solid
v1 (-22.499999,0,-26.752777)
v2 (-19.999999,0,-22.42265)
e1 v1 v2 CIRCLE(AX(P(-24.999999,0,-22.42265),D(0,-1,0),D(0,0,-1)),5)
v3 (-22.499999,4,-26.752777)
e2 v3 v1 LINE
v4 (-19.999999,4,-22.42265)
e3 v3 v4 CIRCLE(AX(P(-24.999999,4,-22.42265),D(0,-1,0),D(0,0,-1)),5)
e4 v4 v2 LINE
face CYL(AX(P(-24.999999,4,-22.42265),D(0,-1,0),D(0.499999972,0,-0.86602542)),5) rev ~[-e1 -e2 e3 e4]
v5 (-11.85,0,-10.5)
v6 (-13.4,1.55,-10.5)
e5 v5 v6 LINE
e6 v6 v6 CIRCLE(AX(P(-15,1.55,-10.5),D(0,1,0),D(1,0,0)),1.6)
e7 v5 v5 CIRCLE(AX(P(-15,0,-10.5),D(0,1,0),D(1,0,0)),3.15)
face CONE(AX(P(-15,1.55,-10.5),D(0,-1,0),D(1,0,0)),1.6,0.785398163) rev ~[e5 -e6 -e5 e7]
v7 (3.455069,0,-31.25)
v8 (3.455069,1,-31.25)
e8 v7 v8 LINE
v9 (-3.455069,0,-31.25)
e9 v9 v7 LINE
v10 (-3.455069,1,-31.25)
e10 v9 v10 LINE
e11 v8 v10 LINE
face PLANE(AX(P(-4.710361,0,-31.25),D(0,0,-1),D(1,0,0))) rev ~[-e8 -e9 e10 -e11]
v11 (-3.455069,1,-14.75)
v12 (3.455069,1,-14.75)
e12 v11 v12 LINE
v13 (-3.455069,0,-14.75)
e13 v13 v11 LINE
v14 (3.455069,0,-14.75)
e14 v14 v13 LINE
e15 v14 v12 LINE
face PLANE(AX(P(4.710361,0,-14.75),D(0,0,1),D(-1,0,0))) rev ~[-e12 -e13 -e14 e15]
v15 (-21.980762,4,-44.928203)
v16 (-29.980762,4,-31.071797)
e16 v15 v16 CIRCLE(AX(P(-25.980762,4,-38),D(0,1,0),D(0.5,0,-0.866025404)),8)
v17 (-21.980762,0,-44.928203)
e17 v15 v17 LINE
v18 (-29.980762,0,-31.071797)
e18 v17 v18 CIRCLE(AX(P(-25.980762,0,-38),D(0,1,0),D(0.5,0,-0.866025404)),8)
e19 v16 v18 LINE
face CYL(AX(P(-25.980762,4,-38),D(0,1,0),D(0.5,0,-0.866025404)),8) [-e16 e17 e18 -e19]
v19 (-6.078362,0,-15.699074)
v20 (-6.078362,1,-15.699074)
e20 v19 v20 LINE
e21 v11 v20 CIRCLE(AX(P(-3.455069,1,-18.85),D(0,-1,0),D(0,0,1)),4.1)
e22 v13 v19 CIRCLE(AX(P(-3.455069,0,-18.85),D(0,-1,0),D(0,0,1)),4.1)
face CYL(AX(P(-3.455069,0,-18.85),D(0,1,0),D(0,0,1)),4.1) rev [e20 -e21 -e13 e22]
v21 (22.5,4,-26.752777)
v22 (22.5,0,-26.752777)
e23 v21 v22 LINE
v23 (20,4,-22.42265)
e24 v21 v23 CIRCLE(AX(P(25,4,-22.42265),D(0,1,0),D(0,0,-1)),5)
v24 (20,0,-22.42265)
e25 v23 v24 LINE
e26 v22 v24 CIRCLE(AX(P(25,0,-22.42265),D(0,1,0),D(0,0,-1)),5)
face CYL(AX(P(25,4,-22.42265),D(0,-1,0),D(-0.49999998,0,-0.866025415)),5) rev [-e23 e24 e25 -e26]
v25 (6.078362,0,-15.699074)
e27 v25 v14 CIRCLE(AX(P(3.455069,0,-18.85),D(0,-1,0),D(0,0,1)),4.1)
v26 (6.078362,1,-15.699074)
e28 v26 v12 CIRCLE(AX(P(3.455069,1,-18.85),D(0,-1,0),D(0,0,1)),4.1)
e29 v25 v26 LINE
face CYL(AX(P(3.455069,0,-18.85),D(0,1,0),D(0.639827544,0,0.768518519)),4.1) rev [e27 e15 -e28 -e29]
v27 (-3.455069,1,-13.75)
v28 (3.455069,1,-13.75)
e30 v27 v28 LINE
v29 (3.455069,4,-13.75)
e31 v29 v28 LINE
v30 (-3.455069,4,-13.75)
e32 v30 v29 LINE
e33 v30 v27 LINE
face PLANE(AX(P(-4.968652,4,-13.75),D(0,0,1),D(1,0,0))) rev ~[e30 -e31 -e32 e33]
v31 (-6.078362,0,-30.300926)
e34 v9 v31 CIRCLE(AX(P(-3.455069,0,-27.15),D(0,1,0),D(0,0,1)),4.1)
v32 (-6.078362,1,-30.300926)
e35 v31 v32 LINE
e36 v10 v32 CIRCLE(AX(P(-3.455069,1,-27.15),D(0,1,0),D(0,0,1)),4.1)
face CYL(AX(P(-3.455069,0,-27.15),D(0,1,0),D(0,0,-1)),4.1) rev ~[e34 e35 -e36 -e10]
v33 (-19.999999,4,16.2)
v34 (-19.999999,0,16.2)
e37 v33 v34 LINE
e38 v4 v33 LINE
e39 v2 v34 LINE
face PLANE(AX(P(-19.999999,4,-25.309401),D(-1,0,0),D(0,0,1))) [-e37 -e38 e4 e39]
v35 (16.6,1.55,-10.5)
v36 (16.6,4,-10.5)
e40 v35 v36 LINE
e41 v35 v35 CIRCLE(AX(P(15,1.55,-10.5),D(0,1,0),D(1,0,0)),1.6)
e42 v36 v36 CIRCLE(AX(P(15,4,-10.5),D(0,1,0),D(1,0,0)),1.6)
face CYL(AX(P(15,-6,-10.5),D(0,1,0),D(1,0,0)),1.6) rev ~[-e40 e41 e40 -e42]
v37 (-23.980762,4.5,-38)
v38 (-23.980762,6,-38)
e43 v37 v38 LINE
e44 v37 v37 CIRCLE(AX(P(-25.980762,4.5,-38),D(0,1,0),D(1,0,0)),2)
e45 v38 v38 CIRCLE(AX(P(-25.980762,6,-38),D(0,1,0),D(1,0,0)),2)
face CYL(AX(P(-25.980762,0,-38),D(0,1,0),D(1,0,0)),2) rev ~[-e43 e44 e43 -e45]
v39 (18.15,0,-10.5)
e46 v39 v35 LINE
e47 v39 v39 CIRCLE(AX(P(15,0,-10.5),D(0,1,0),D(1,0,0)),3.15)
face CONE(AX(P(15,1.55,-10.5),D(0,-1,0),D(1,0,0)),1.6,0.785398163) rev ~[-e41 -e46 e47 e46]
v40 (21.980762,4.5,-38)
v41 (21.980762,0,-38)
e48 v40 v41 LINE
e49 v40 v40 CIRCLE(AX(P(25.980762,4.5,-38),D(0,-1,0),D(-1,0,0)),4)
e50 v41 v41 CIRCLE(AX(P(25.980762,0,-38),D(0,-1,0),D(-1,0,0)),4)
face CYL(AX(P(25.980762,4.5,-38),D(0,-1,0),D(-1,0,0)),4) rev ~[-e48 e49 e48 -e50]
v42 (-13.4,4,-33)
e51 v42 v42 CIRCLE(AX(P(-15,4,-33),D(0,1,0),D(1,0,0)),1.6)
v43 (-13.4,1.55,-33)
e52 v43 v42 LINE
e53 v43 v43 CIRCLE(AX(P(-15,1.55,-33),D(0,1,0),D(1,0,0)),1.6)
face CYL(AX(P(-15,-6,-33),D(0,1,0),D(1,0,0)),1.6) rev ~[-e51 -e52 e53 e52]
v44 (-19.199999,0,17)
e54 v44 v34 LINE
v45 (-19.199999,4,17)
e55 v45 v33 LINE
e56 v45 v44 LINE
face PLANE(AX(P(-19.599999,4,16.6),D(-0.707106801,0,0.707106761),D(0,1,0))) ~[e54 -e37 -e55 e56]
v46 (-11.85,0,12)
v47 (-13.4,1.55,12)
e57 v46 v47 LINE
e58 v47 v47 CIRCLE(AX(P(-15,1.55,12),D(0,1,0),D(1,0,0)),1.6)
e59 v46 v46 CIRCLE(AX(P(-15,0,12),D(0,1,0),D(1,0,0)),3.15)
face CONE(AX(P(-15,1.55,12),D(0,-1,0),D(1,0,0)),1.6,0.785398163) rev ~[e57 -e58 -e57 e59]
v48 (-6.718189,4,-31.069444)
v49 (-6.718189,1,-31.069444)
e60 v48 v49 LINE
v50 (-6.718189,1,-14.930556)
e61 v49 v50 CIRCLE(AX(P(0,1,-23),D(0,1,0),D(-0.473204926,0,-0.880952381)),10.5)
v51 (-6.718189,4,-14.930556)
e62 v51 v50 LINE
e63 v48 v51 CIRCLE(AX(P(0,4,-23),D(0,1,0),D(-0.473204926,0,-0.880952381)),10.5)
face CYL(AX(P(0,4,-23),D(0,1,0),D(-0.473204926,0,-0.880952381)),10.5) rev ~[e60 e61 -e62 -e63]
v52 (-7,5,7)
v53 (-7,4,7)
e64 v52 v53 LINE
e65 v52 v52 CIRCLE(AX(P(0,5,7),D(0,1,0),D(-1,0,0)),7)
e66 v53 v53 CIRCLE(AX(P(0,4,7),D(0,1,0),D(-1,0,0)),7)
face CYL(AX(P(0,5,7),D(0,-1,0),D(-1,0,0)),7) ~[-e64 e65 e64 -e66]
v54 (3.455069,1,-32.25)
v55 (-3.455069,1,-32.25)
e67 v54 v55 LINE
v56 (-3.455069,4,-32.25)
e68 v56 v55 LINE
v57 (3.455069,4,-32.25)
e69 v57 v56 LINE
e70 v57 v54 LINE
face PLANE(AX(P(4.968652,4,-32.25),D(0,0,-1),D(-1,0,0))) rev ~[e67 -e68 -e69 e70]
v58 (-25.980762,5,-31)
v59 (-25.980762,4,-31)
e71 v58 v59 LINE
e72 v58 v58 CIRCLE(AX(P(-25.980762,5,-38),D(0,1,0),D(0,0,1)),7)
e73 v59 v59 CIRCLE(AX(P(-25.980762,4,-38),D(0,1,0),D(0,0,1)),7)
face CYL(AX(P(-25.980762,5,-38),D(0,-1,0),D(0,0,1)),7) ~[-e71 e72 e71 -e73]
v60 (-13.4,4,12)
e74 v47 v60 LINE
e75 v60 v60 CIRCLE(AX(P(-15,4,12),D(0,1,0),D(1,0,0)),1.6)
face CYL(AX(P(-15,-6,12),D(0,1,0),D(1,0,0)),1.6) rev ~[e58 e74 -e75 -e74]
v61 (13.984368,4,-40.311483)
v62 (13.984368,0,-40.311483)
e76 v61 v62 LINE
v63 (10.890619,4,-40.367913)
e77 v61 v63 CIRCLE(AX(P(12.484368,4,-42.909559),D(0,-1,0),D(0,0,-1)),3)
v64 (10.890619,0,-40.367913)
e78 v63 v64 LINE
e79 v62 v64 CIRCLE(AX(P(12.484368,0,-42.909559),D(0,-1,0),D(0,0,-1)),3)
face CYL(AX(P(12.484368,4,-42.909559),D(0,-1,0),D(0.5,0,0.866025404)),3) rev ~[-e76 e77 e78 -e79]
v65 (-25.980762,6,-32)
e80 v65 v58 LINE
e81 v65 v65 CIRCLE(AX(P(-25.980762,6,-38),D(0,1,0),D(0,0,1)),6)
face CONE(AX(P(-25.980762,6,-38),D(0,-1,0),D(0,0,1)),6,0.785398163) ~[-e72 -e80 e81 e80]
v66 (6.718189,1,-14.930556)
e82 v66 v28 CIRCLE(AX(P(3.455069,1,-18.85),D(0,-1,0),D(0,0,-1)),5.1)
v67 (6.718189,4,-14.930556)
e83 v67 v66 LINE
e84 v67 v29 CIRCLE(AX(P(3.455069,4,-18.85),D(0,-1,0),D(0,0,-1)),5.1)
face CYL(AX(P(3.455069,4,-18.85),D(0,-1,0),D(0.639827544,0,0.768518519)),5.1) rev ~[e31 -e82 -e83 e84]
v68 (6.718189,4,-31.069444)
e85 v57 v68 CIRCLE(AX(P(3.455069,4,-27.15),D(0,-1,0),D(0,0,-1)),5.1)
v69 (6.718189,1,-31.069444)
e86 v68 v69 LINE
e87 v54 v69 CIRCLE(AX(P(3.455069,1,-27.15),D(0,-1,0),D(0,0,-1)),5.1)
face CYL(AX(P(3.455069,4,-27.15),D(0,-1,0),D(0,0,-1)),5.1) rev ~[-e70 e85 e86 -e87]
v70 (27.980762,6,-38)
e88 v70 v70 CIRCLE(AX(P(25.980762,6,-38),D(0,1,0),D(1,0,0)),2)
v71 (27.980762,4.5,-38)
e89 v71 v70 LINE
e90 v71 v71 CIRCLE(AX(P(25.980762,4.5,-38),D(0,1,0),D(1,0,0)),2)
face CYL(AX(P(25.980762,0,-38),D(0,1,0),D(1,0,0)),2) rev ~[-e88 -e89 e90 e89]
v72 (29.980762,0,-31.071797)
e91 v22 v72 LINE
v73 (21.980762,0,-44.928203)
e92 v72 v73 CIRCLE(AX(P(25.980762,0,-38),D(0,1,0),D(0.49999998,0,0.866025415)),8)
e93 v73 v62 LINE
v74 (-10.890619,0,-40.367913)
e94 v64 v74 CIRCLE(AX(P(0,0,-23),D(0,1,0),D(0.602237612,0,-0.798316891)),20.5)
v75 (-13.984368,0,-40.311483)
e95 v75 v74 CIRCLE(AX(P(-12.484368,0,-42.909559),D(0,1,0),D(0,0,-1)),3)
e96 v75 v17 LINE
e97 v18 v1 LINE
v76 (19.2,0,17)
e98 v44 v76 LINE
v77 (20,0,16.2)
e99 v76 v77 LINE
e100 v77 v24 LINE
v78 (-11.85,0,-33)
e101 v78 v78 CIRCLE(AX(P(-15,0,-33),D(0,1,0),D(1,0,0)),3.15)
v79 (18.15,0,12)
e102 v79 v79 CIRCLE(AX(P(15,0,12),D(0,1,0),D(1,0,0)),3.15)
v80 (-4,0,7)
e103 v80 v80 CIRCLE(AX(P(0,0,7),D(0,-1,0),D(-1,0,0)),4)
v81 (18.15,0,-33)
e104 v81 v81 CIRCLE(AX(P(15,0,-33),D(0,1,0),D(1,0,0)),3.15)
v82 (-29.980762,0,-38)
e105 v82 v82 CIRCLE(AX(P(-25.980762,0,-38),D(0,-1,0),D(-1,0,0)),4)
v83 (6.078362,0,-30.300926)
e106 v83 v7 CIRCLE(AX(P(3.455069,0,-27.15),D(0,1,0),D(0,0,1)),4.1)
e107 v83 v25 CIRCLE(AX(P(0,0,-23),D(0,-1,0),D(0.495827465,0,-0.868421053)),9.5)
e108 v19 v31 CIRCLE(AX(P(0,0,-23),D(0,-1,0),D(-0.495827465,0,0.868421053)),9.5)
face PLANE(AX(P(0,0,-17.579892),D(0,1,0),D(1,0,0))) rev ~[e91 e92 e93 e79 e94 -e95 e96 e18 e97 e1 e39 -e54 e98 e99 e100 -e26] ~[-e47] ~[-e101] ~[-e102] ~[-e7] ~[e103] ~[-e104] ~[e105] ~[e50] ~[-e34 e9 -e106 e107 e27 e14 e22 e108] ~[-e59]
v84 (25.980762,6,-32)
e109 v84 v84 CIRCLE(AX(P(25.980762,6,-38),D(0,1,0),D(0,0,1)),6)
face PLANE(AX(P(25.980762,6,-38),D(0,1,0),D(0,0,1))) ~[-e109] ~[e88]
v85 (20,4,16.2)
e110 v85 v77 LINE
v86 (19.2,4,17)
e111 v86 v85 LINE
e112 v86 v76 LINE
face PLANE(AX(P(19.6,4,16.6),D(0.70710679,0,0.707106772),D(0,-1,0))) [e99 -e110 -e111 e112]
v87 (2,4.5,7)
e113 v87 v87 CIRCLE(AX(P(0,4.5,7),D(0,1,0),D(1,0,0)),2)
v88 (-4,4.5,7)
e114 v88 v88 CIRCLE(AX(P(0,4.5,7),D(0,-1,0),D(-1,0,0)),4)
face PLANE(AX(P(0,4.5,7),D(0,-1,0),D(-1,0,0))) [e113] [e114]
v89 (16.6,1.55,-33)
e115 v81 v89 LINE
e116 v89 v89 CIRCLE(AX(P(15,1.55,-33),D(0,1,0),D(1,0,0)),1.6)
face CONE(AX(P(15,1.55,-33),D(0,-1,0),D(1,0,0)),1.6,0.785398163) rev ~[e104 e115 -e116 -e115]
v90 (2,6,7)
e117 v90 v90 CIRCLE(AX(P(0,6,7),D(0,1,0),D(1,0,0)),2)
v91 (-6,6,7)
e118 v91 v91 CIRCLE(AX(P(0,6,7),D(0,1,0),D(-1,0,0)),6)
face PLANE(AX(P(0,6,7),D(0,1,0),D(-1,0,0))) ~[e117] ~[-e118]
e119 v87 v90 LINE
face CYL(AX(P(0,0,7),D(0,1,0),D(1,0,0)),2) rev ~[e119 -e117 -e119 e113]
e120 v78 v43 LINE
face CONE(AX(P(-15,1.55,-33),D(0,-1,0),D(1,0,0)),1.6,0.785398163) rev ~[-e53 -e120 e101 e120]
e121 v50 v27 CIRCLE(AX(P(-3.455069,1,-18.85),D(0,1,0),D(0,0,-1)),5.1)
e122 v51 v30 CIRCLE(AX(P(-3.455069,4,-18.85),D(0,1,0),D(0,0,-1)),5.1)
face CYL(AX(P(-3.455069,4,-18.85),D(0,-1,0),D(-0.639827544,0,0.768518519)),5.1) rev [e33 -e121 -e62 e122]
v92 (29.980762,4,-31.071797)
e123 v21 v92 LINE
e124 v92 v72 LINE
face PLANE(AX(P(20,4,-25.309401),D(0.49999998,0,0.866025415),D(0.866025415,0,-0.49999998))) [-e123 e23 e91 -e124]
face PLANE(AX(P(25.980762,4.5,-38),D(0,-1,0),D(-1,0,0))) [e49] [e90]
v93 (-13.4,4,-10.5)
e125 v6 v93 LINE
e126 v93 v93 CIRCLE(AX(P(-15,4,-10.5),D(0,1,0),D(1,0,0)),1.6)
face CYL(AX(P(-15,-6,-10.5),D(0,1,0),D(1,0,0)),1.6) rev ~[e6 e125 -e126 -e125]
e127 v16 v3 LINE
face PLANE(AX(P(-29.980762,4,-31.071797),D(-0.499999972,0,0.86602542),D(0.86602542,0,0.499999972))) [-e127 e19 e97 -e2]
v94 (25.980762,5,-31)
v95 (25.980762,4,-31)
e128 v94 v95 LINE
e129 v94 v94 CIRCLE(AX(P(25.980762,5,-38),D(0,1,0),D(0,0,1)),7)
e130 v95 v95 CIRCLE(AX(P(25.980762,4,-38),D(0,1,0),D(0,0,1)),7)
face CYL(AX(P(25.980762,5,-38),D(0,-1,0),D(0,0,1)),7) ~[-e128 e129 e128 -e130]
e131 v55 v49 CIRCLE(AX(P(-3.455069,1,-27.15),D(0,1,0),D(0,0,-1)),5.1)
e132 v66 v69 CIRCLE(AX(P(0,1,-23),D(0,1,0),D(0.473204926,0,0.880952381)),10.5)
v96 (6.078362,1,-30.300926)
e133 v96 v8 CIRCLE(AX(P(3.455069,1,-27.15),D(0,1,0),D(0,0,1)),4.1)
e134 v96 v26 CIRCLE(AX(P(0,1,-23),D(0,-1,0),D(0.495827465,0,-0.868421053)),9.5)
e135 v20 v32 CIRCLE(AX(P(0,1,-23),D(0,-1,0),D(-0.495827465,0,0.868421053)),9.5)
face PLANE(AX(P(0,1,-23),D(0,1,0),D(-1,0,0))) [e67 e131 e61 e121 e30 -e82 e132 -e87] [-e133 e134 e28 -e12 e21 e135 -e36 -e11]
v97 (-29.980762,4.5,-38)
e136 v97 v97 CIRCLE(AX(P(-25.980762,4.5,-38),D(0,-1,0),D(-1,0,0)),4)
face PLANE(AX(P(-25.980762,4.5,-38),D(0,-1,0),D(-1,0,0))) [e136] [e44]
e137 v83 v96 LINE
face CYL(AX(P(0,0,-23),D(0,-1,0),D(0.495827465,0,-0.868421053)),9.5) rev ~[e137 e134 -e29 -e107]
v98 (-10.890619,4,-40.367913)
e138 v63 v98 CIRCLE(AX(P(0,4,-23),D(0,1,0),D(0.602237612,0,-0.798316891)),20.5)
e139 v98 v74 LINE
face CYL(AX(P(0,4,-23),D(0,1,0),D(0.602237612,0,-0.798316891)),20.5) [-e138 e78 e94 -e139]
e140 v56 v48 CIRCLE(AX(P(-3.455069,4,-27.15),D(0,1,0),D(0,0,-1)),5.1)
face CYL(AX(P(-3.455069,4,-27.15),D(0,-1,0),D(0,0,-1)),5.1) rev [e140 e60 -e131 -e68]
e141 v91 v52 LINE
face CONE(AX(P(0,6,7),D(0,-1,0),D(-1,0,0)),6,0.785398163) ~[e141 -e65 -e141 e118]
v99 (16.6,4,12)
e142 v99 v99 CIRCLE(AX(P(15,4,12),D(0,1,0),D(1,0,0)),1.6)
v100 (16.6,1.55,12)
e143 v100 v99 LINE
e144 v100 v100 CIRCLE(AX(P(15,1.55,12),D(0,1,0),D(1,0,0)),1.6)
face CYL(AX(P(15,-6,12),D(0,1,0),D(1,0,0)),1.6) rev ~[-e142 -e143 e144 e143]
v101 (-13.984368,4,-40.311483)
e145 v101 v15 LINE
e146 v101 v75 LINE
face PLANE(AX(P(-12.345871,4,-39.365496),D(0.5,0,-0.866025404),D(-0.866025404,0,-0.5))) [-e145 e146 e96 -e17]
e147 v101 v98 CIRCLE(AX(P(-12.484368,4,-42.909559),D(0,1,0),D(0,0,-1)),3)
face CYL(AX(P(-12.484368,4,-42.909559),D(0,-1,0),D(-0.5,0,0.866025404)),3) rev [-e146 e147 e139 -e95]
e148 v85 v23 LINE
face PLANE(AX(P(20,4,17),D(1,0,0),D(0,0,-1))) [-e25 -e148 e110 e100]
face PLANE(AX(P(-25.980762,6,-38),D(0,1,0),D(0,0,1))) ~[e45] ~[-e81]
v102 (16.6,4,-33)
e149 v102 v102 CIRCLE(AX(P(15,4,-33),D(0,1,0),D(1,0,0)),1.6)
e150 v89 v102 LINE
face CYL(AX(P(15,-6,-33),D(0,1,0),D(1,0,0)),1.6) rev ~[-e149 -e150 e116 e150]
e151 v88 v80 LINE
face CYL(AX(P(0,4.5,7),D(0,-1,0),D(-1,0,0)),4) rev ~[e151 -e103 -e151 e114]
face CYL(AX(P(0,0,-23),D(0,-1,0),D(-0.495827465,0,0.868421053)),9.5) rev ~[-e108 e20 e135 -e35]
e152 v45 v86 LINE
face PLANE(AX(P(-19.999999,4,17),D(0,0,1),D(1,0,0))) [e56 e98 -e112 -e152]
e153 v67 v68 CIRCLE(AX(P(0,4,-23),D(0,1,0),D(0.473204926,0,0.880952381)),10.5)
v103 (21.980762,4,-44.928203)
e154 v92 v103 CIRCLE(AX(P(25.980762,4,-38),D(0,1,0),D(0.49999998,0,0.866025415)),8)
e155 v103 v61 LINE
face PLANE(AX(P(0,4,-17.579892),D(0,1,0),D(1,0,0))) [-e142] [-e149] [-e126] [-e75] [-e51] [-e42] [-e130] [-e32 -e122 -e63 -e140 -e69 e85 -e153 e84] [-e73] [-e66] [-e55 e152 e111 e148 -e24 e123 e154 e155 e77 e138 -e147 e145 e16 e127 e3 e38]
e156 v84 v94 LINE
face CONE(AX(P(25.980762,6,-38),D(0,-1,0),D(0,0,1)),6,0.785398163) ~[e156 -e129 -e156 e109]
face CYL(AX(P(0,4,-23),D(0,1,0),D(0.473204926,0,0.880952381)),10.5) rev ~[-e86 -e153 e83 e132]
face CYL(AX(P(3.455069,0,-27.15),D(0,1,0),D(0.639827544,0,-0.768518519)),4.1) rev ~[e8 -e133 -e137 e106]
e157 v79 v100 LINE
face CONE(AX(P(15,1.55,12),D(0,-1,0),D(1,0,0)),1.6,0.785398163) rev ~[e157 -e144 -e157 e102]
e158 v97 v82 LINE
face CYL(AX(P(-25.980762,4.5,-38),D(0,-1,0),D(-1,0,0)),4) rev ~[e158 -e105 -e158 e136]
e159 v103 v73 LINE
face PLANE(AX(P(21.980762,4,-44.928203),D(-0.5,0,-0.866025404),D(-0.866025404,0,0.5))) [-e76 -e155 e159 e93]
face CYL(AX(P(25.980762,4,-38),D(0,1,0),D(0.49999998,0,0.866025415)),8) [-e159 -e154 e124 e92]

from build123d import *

# Parameters (mm, degrees)
BOSS_EXTRUDE1_DEPTH                                = 4
CUT_EXTRUDE1_DEPTH                                 = 3
CUT_EXTRUDE2_DEPTH                                 = 58.329679868
F_3_2_3_2_DIAMETER_HOLE1_D                         = 3.2
F_3_2_3_2_DIAMETER_HOLE1_DEPTH                     = 6
CBORE_FOR_M3_5_HEX_HEAD_MACHINE_SCREW1_D           = 4
CBORE_FOR_M3_5_HEX_HEAD_MACHINE_SCREW1_CBORE_D     = 8
CBORE_FOR_M3_5_HEX_HEAD_MACHINE_SCREW1_CBORE_DEPTH = 4.5
CHAMFER1_SIZE                                      = 1.55
CHAMFER2_SIZE                                      = 0.799999982
CHAMFER2_SIZE2                                     = 0.800000027
CHAMFER3_SIZE                                      = 0.799999997
CHAMFER3_SIZE2                                     = 0.800000017
FILLET1_R                                          = 3
FILLET2_R                                          = 4.1
FILLET3_R                                          = 5
FILLET4_R                                          = 5.100000015


with BuildPart() as part:
    # Sketch1 → Boss-Extrude1 (new body)
    with BuildSketch(Plane(origin=(0, 4, 0), x_dir=(1, 0, 0), z_dir=(0, 1, 0))):
        with BuildLine():
            Line((19.999999925, -16.999999746), (19.999999925, 25.309401343))
            Line((19.999999925, 25.309401343), (29.980761952, 31.071796677))
            ThreePointArc((29.980761952, 31.071796677), (32.90896539, 41.999999919), (21.980762114, 44.92820323))
            Line((21.980762114, 44.92820323), (12.345871038, 39.365496274))
            ThreePointArc((12.345871038, 39.365496274), (0, 43.5), (-12.345871038, 39.365496274))
            Line((-12.345871038, 39.365496274), (-21.980762114, 44.92820323))
            ThreePointArc((-21.980762114, 44.92820323), (-32.908965409, 41.999999887), (-29.980761888, 31.071796639))
            Line((-29.980761888, 31.071796639), (-19.999999289, 25.3094011))
            Line((-19.999999289, 25.3094011), (-19.999999289, -16.999999746))
            Line((-19.999999289, -16.999999746), (19.999999925, -16.999999746))
        make_face()
    extrude(amount=-BOSS_EXTRUDE1_DEPTH)

    # Sketch2 → Cut-Extrude1 (cut)
    with BuildSketch(Plane(origin=(0, 4, 0), x_dir=(-1, 0, 0), z_dir=(0, 1, 0))):
        with BuildLine():
            Line((-4.968651732, -32.250000015), (4.968651732, -32.250000015))
            ThreePointArc((4.968651732, -32.250000015), (10.500000015, -23), (4.968651732, -13.749999985))
            Line((4.968651732, -13.749999985), (-4.968651732, -13.749999985))
            ThreePointArc((-4.968651732, -13.749999985), (-10.500000015, -23), (-4.968651732, -32.250000015))
        make_face()
    extrude(amount=-CUT_EXTRUDE1_DEPTH, mode=Mode.SUBTRACT)

    # Sketch3 → Cut-Extrude2 (cut, through all)
    with BuildSketch(Plane.XZ):
        with BuildLine():
            Line((4.71036092, -14.75), (-4.71036092, -14.75))
            ThreePointArc((-4.71036092, -14.75), (-9.5, -23), (-4.71036092, -31.25))
            Line((-4.71036092, -31.25), (4.71036092, -31.25))
            ThreePointArc((4.71036092, -31.25), (9.5, -23), (4.71036092, -14.75))
        make_face()
    extrude(amount=-CUT_EXTRUDE2_DEPTH, mode=Mode.SUBTRACT)

    # Sketch4 → Revolve1 (revolve)
    with BuildSketch(Plane(origin=(0, 0, -38), x_dir=(-1, 0, 0), z_dir=(0, 0, -1)), mode=Mode.PRIVATE) as revolve1_sk:
        Polygon((18.980762114, 4), (25.980762114, 4), (25.980762114, 6), (19.980762114, 6), (18.980762114, 5), align=None)
    revolve(revolve1_sk.sketch.rotate(Axis((-25.980762114, 4, -38), (0, 1, 0)), 270), axis=Axis((-25.980762114, 4, -38), (0, 1, 0)))

    # Sketch5 → Revolve2 (revolve)
    with BuildSketch(Plane(origin=(0, 0, 7), x_dir=(-1, 0, 0), z_dir=(0, 0, -1)), mode=Mode.PRIVATE) as revolve2_sk:
        Polygon((-7, 4), (0, 4), (0, 6), (-6, 6), (-7, 5), align=None)
    revolve(revolve2_sk.sketch.rotate(Axis((0, 4, 7), (0, 1, 0)), 180), axis=Axis((0, 4, 7), (0, 1, 0)))

    # Sketch6 → Revolve3 (revolve)
    with BuildSketch(Plane(origin=(0, 0, -38), x_dir=(-1, 0, 0), z_dir=(0, 0, -1)), mode=Mode.PRIVATE) as revolve3_sk:
        Polygon((-32.980762114, 4), (-25.980762114, 4), (-25.980762114, 6), (-31.980762114, 6), (-32.980762114, 5), align=None)
    revolve(revolve3_sk.sketch.rotate(Axis((25.980762114, 4, -38), (0, 1, 0)), 270), axis=Axis((25.980762114, 4, -38), (0, 1, 0)))

    # Ø3.2 (3.2) Diameter Hole1
    with Locations(Plane(origin=(0, 0, 0), x_dir=(-1, 0, 0), z_dir=(0, -1, 0))):
        with Locations((15.000000337, 33.000000191), (-14.999999663, 10.500000191), (15.000000337, -11.999999809), (-14.999999663, -11.999999809), (15.000000337, 10.500000191), (-14.999999663, 33.000000191)):
            Hole(F_3_2_3_2_DIAMETER_HOLE1_D / 2, depth=F_3_2_3_2_DIAMETER_HOLE1_DEPTH)

    # CBORE for M3.5 Hex Head Machine Screw1 (through all)
    with Locations(Plane(origin=(0, 0, 0), x_dir=(-1, 0, 0), z_dir=(0, -1, 0))):
        with Locations((0, -7), (-25.980762114, 38), (25.980762114, 38)):
            CounterBoreHole(CBORE_FOR_M3_5_HEX_HEAD_MACHINE_SCREW1_D / 2, CBORE_FOR_M3_5_HEX_HEAD_MACHINE_SCREW1_CBORE_D / 2, CBORE_FOR_M3_5_HEX_HEAD_MACHINE_SCREW1_CBORE_DEPTH)

    # Chamfer1
    chamfer1_edges = [part.edges().sort_by_distance(p)[0] for p in [
        (13.399999663, 0, -10.500000191),
        (-16.600000337, 0, -33.000000191),
        (13.399999663, 0, -33.000000191),
        (-16.600000337, 0, -10.500000191),
        (13.399999663, 0, 11.999999809),
        (-16.600000337, 0, 11.999999809),
    ]]
    chamfer(chamfer1_edges, length=CHAMFER1_SIZE)

    # Chamfer2
    chamfer2_edges = [part.edges().sort_by_distance(p)[0] for p in [
        (-19.999999289, 2, 16.999999746),
    ]]
    chamfer2_side = [part.faces().sort_by_distance(p)[0] for p in [
        (3.18e-07, 2, 16.999999746),
    ]]
    chamfer(chamfer2_edges, length=CHAMFER2_SIZE, length2=CHAMFER2_SIZE2, reference=chamfer2_side[0])

    # Chamfer3
    chamfer3_edges = [part.edges().sort_by_distance(p)[0] for p in [
        (19.999999925, 2, 16.999999746),
    ]]
    chamfer3_side = [part.faces().sort_by_distance(p)[0] for p in [
        (0.400000309, 2, 16.999999746),
    ]]
    chamfer(chamfer3_edges, length=CHAMFER3_SIZE, length2=CHAMFER3_SIZE2, reference=chamfer3_side[0])

    # Fillet1
    fillet1_edges = [part.edges().sort_by_distance(p)[0] for p in [
        (-12.345871038, 2, -39.365496274),
        (12.345871038, 2, -39.365496274),
    ]]
    fillet(fillet1_edges, radius=FILLET1_R)

    # Fillet2
    fillet2_edges = [part.edges().sort_by_distance(p)[0] for p in [
        (4.71036092, 0.5, -14.75),
        (4.71036092, 0.5, -31.25),
        (-4.71036092, 0.5, -31.25),
        (-4.71036092, 0.5, -14.75),
    ]]
    fillet(fillet2_edges, radius=FILLET2_R)

    # Fillet3
    fillet3_edges = [part.edges().sort_by_distance(p)[0] for p in [
        (-19.999999289, 2, -25.3094011),
        (19.999999925, 2, -25.309401343),
    ]]
    fillet(fillet3_edges, radius=FILLET3_R)

    # Fillet4
    fillet4_edges = [part.edges().sort_by_distance(p)[0] for p in [
        (4.968651732, 2.5, -32.250000015),
        (4.968651732, 2.5, -13.749999985),
        (-4.968651732, 2.5, -13.749999985),
        (-4.968651732, 2.5, -32.250000015),
    ]]
    fillet(fillet4_edges, radius=FILLET4_R)


solid = part.part
